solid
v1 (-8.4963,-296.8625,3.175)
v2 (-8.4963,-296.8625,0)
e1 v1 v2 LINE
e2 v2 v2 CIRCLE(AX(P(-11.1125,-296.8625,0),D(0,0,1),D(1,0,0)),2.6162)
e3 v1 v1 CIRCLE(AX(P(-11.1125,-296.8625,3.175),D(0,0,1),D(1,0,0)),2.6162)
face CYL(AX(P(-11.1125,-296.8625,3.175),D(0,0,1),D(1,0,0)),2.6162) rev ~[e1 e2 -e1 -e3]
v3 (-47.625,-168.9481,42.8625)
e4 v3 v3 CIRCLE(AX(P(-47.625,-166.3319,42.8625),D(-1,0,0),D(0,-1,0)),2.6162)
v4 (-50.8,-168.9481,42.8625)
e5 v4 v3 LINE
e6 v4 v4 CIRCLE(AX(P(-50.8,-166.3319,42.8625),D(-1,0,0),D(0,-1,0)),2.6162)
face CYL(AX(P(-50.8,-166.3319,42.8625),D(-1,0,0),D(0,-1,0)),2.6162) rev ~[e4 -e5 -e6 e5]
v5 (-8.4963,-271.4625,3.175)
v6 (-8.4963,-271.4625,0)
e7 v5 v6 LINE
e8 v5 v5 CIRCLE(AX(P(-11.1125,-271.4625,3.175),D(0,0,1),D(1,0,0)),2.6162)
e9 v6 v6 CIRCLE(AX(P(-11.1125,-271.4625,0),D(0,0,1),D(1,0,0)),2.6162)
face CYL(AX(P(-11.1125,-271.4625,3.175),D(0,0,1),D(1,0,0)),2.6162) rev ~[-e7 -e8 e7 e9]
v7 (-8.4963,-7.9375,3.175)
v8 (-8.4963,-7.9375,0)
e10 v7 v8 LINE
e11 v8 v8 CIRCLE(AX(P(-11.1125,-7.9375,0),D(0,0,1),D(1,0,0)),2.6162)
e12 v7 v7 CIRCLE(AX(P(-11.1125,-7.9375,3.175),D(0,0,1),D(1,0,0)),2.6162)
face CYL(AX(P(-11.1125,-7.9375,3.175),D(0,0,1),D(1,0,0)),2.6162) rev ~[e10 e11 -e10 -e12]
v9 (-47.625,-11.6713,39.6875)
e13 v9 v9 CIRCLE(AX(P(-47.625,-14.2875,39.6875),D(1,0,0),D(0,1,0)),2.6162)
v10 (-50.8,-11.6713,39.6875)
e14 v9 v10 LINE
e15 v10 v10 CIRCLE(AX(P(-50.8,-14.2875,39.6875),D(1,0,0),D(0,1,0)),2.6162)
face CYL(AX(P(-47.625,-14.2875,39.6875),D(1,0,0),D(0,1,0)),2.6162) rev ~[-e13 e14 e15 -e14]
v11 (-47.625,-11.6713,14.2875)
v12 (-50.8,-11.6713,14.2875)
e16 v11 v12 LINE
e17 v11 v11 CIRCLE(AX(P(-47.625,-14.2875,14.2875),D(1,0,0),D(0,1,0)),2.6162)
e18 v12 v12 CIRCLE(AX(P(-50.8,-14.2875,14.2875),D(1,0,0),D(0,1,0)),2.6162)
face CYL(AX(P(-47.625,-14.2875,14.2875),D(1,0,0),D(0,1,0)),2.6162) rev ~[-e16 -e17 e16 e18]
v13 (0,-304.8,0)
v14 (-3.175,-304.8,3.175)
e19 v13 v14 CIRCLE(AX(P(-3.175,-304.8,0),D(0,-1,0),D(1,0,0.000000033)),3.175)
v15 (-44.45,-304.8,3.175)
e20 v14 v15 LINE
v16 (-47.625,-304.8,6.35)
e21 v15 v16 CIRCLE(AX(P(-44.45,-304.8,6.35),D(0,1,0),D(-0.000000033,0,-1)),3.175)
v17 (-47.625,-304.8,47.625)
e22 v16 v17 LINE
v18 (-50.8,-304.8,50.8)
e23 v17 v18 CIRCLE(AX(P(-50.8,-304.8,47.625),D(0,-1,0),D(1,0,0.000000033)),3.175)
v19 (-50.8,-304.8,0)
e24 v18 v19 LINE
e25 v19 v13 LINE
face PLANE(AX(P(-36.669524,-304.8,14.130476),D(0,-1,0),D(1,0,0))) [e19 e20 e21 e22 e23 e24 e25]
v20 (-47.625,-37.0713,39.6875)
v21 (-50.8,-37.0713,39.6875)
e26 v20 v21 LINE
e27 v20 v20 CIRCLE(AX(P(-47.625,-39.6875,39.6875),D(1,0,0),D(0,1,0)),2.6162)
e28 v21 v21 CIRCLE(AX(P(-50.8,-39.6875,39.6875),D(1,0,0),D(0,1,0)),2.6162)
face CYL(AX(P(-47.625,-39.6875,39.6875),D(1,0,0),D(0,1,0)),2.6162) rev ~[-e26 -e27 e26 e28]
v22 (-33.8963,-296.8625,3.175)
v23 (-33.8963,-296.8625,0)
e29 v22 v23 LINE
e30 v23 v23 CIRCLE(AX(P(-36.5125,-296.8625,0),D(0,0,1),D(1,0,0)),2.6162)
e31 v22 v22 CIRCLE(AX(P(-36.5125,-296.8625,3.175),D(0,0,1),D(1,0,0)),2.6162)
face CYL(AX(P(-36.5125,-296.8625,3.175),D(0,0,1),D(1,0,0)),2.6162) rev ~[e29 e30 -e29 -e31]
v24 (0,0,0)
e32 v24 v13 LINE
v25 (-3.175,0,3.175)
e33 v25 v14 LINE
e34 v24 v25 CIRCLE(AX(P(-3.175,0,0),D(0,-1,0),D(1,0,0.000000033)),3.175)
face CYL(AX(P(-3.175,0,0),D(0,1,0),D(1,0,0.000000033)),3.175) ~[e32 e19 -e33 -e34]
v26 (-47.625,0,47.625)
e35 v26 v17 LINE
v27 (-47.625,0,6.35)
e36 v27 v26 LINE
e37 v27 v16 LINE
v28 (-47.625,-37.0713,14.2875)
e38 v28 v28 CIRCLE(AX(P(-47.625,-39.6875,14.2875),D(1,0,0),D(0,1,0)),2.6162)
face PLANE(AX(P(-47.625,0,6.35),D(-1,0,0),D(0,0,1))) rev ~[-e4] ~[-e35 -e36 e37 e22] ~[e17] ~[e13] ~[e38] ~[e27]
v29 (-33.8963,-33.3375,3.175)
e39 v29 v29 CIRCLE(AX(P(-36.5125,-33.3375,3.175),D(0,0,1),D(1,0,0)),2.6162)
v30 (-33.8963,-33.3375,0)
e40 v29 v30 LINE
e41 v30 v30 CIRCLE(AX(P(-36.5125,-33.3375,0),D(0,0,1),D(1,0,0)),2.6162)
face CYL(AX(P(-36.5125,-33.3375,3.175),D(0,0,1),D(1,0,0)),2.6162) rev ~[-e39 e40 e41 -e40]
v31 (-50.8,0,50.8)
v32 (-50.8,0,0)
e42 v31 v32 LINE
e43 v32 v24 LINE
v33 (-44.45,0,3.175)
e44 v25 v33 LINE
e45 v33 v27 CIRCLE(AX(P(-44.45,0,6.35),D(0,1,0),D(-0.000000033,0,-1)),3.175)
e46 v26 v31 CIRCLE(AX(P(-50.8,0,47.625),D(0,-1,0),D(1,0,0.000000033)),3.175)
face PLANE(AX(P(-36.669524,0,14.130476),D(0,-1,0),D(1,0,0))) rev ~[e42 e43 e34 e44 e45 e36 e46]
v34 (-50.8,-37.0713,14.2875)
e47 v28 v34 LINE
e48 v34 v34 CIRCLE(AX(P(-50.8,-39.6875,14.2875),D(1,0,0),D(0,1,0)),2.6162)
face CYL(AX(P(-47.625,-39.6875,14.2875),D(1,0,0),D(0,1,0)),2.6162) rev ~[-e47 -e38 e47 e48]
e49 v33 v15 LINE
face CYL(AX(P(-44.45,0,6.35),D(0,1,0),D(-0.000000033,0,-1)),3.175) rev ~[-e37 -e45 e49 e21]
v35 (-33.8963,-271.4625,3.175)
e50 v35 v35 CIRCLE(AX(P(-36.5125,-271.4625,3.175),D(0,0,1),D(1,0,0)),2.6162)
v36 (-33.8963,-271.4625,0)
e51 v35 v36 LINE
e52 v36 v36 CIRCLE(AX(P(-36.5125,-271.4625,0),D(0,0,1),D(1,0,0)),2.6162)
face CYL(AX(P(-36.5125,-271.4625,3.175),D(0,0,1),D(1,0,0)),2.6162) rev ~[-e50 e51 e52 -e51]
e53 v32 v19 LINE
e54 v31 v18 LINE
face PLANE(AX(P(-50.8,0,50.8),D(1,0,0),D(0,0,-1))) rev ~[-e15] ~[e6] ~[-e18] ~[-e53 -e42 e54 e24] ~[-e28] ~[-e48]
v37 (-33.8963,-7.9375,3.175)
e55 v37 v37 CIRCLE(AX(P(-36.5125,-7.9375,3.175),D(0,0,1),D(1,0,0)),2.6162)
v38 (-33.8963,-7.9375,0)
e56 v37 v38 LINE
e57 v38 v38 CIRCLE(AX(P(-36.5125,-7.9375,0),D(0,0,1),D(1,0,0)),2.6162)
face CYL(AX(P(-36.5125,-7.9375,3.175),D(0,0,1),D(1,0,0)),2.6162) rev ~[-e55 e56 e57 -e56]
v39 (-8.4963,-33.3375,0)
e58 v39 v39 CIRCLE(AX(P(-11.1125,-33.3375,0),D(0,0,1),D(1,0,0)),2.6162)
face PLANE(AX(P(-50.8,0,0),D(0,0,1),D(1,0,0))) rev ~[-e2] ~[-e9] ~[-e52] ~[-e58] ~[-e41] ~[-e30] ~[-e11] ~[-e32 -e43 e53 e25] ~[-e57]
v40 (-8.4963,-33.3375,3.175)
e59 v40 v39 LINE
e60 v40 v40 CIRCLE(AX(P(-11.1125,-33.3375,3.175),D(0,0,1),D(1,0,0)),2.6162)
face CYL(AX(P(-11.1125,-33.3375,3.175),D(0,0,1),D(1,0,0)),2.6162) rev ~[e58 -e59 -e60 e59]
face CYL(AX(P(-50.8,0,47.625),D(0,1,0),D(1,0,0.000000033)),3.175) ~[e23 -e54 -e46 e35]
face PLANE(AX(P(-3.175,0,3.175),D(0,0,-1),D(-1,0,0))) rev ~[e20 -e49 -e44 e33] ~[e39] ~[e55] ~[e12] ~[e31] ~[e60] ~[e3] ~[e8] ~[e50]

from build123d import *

# Parameters (mm, degrees)
F1_DEPTH = 304.8
F2_R     = 2.6162
F3_DEPTH = 3.176
F4_R     = 2.6162
F5_DEPTH = 3.176
F6_R     = 2.6162
F7_DEPTH = 50.801


with BuildPart() as f1:
    # F0 (on Front) → F1 (new body)
    with BuildSketch(Plane.XZ):
        with BuildLine():
            Line((-50.8, 0), (0, 0))
            ThreePointArc((0, 0), (-0.929936, 2.245064), (-3.175, 3.175))
            Line((-3.175, 3.175), (-44.45, 3.175))
            ThreePointArc((-44.45, 3.175), (-46.695064, 4.104936), (-47.625, 6.35))
            Line((-47.625, 6.35), (-47.625, 47.625))
            ThreePointArc((-47.625, 47.625), (-48.554936, 49.870064), (-50.8, 50.8))
            Line((-50.8, 50.8), (-50.8, 0))
        make_face()
    extrude(amount=F1_DEPTH)

    # F2 (on face) → F3 (cut, through all)
    with BuildSketch(Plane.YZ.offset(-47.625)):
        with Locations((-14.2875, 14.2875)):
            Circle(F2_R)
        with Locations((-39.6875, 14.2875)):
            Circle(F2_R)
        with Locations((-14.2875, 39.6875)):
            Circle(F2_R)
        with Locations((-39.6875, 39.6875)):
            Circle(F2_R)
    extrude(amount=-F3_DEPTH, mode=Mode.SUBTRACT)

    # F4 (on face) → F5 (cut, through all)
    with BuildSketch(Plane.XY.offset(3.175)):
        with Locations((-36.5125, -296.8625)):
            Circle(F4_R)
        with Locations((-36.5125, -7.9375)):
            Circle(F4_R)
        with Locations((-11.1125, -7.9375)):
            Circle(F4_R)
        with Locations((-11.1125, -296.8625)):
            Circle(F4_R)
        with Locations((-11.1125, -271.4625)):
            Circle(F4_R)
        with Locations((-36.5125, -271.4625)):
            Circle(F4_R)
        with Locations((-11.1125, -33.3375)):
            Circle(F4_R)
        with Locations((-36.5125, -33.3375)):
            Circle(F4_R)
    extrude(amount=-F5_DEPTH, mode=Mode.SUBTRACT)

    # F6 (on face) → F7 (cut, through all)
    with BuildSketch(Plane(origin=(-50.8, 0, 0), x_dir=(0, -1, 0), z_dir=(-1, 0, 0))):
        with Locations((166.3319, 42.8625)):
            Circle(F6_R)
    extrude(amount=-F7_DEPTH, mode=Mode.SUBTRACT)


solid = f1.part
